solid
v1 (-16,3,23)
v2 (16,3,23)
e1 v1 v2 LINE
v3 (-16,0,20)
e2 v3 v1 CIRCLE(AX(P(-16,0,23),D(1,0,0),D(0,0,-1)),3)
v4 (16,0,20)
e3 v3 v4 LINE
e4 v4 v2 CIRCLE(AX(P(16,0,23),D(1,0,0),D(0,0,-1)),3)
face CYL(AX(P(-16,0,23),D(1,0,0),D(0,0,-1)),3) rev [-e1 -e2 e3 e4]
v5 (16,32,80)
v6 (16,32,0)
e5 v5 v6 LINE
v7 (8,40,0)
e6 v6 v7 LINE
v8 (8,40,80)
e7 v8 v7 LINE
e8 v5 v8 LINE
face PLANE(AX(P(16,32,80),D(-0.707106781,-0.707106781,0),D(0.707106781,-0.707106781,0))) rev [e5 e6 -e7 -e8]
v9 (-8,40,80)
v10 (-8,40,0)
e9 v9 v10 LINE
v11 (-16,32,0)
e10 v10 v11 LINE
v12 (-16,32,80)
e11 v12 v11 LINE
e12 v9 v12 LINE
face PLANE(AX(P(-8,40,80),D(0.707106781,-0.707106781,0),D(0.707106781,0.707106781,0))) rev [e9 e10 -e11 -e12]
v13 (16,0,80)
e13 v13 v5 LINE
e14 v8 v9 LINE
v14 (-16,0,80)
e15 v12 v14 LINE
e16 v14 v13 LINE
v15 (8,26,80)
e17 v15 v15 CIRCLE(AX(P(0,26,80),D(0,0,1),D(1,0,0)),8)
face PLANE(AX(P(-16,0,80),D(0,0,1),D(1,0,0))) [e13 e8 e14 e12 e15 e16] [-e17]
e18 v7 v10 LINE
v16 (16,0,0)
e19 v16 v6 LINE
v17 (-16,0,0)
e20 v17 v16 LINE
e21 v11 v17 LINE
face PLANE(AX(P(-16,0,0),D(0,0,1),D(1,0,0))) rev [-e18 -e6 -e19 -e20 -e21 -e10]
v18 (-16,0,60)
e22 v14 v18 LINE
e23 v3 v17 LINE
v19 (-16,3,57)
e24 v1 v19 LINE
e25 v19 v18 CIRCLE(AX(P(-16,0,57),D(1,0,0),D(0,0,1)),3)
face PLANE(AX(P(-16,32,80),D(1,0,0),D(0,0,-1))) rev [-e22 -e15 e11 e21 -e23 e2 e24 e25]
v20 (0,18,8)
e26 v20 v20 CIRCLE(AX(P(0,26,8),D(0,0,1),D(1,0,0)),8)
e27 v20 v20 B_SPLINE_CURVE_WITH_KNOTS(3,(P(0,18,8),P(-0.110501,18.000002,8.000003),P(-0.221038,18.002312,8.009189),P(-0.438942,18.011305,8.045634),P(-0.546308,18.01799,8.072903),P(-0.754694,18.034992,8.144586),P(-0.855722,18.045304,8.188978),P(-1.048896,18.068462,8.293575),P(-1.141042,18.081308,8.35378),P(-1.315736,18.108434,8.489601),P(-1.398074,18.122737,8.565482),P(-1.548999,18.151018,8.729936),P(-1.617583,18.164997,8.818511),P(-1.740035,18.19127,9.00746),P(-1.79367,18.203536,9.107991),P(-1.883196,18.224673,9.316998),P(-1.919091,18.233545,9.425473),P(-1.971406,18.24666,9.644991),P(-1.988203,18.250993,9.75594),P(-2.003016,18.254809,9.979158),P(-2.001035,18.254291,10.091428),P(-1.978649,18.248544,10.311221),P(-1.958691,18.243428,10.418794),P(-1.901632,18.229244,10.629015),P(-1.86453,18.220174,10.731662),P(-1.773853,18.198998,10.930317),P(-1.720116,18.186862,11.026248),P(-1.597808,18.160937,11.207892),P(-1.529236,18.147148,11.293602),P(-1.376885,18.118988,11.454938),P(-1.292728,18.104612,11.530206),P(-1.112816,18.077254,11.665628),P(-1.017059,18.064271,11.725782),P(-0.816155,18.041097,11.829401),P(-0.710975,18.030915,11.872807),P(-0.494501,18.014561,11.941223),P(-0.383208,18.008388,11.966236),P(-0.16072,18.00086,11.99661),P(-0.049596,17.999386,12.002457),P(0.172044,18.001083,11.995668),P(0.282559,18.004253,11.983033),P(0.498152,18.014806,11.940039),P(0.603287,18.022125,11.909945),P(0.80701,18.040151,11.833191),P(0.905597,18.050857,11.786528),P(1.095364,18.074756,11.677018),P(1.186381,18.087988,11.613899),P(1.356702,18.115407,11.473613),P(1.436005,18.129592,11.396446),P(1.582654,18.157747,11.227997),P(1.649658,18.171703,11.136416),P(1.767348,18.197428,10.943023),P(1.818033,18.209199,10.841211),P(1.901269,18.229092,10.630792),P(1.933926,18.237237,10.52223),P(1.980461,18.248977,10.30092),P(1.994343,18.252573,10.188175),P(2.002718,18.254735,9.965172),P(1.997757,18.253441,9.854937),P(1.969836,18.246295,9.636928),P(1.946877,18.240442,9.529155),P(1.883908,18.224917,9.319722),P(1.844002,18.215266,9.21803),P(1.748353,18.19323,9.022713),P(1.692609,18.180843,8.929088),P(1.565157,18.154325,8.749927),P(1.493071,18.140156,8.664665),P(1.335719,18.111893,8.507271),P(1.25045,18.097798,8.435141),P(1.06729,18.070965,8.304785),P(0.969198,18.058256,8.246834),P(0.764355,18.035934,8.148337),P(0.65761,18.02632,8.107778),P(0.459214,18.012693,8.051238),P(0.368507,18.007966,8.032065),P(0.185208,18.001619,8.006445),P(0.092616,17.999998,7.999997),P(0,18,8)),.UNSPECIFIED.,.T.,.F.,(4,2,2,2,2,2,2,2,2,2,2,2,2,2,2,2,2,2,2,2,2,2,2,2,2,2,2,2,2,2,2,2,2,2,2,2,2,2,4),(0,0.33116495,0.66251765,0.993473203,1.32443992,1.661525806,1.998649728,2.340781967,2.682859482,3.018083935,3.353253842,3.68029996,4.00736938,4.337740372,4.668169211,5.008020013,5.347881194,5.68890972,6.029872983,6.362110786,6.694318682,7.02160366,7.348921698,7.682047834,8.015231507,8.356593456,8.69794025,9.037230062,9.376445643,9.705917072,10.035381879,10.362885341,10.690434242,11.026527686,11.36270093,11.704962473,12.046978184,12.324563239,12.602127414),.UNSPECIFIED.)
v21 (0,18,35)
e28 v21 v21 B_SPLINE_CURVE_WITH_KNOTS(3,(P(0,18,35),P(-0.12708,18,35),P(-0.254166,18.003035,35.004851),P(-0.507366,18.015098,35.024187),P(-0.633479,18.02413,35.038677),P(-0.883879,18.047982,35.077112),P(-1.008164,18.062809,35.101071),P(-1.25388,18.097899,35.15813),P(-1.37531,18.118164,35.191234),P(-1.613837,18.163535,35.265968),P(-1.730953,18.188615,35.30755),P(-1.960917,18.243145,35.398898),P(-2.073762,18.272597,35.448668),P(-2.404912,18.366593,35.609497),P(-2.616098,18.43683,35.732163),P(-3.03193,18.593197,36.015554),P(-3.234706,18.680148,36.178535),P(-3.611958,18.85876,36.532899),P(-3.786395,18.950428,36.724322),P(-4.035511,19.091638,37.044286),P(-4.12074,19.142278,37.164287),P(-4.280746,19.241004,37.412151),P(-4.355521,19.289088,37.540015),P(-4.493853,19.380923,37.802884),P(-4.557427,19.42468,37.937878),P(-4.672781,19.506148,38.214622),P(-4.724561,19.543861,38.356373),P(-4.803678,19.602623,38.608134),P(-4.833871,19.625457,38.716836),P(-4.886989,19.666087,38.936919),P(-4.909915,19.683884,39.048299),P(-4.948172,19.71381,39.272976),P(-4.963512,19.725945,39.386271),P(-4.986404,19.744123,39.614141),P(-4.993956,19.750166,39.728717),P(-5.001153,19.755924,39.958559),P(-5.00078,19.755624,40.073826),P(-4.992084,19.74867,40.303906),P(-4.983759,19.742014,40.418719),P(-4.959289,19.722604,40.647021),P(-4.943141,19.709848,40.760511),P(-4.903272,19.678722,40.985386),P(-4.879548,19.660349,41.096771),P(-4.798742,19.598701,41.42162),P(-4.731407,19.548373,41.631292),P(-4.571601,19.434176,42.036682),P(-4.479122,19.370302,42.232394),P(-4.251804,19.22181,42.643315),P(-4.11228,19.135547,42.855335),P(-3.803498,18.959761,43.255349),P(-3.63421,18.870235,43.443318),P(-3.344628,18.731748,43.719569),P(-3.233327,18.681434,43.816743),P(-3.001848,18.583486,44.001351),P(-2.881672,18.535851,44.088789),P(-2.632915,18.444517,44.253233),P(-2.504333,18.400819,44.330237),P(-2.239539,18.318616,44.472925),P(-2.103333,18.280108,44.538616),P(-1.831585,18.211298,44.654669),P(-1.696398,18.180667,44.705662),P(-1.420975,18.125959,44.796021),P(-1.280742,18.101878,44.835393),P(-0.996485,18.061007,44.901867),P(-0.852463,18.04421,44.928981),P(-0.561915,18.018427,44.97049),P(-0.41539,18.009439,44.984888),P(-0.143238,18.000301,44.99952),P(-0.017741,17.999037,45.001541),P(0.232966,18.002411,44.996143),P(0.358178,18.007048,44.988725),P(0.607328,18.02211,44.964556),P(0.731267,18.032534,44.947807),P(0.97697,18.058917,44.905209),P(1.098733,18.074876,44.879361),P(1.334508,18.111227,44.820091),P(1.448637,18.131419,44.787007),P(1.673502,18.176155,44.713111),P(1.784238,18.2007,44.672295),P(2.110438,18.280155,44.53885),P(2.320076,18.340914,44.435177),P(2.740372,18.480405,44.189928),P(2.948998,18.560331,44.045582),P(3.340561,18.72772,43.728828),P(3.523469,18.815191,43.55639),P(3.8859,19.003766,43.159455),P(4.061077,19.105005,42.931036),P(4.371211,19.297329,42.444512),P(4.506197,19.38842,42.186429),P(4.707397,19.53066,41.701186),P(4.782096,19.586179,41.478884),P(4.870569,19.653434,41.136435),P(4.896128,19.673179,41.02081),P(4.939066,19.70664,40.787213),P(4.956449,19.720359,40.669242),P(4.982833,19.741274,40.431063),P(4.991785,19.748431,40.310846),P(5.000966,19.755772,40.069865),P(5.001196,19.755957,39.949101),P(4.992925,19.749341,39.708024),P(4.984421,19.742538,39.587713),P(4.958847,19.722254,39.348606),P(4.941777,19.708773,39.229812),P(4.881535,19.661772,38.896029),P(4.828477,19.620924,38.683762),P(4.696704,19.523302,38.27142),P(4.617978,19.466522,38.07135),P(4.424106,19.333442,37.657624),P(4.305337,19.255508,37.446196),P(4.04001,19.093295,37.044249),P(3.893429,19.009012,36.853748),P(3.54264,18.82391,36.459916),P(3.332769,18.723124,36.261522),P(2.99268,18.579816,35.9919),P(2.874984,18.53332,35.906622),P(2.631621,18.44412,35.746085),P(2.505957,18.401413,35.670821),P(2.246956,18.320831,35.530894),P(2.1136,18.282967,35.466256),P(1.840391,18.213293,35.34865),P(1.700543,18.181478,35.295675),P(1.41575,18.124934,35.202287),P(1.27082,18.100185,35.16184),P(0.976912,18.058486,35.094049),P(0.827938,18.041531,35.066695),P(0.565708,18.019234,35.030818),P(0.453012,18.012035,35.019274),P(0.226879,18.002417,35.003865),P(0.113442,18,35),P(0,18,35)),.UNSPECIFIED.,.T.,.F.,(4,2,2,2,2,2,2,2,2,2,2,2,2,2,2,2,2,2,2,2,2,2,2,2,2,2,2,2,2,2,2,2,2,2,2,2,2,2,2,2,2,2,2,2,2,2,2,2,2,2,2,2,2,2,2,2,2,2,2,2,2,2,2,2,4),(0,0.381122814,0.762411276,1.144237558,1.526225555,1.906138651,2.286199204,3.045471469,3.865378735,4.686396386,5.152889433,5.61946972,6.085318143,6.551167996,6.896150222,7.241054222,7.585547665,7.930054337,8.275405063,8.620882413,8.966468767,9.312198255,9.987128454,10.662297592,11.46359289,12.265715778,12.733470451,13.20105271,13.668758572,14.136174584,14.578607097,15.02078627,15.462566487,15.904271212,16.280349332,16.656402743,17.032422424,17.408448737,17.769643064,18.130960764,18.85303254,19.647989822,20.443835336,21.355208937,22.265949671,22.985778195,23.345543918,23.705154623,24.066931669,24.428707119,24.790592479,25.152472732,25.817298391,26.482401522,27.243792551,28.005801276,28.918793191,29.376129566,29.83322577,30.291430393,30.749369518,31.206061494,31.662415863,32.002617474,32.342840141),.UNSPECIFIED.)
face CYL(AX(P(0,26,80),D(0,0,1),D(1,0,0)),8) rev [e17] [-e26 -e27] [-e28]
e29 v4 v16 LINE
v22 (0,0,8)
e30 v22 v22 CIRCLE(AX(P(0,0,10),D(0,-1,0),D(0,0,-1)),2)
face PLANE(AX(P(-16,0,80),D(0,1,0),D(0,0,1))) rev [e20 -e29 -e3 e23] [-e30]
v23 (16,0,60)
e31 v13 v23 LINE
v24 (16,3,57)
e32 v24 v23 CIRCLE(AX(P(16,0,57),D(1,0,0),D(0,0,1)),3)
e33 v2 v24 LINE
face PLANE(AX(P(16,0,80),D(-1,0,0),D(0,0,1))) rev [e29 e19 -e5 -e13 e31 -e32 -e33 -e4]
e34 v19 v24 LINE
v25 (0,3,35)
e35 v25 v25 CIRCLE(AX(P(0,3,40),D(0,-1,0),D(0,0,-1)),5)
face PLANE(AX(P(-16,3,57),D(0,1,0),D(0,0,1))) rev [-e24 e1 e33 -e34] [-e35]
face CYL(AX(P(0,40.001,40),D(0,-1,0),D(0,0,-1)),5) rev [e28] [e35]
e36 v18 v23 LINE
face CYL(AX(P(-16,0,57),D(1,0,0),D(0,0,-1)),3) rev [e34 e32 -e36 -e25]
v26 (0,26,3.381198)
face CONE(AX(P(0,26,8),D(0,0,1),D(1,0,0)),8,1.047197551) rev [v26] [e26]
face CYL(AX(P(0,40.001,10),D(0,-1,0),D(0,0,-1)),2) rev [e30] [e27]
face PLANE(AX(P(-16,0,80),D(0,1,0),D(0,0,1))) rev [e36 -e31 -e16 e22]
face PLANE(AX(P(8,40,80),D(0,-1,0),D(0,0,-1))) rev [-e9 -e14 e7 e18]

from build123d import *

# Parameters (mm, degrees)
BOSS_EXTRU_1_DEPTH           = 80
ENL_V_MAT_EXTRU_1_DEPTH      = 95.994736696
D_GAGEMENT_M11_D             = 16
D_GAGEMENT_M11_DEPTH         = 72
D_GAGEMENT_M11_TIP           = 4.618802154
ENL_V_MAT_EXTRU_2_REACH      = 91.582
ENL_V_MAT_EXTRU_2_END_RADIUS = 8
ESQUISSE3_R                  = 5
ENL_V_MAT_EXTRU_3_REACH      = 92.863
ENL_V_MAT_EXTRU_3_END_RADIUS = 8
ESQUISSE7_R                  = 2


with BuildPart() as part:
    # Esquisse1 → Boss.-Extru.1 (new body)
    with BuildSketch(Plane.XY):
        Polygon((-16, 0), (16, 0), (16, 32), (8, 40), (-8, 40), (-16, 32), align=None)
    extrude(amount=BOSS_EXTRU_1_DEPTH)

    # Esquisse2 → Enlèv. mat.-Extru.1 (cut, through all)
    with BuildSketch(Plane(origin=(16, 0, 0), x_dir=(0, 0, -1), z_dir=(1, 0, 0))):
        with BuildLine():
            Line((-60, -3), (-60, 0))
            ThreePointArc((-60, 0), (-59.121320344, 2.121320344), (-57, 3))
            Line((-57, 3), (-23, 3))
            ThreePointArc((-23, 3), (-20.878679656, 2.121320344), (-20, 0))
            Line((-20, 0), (-20, -3))
            Line((-20, -3), (-60, -3))
        make_face()
    extrude(amount=-ENL_V_MAT_EXTRU_1_DEPTH, mode=Mode.SUBTRACT)

    # Dégagement M11
    with Locations(Plane.XY.offset(80)):
        with Locations((0, 26)):
            Hole(D_GAGEMENT_M11_D / 2, depth=D_GAGEMENT_M11_DEPTH)
            with Locations((0, 0, -(D_GAGEMENT_M11_DEPTH + D_GAGEMENT_M11_TIP / 2))):  # 120° drill point
                Cone(0, D_GAGEMENT_M11_D / 2, D_GAGEMENT_M11_TIP, mode=Mode.SUBTRACT)

    # Enlèv. mat.-Extru.2: up to this cylinder (the profile starts outside it)
    enl_v_mat_extru_2_end = Plane(origin=(0, 26, 40), z_dir=(0, 0, 1)) * Cylinder(ENL_V_MAT_EXTRU_2_END_RADIUS, 200.164, mode=Mode.PRIVATE)
    # Esquisse3 → Enlèv. mat.-Extru.2 (cut, up to the surface)
    with BuildSketch(Plane.XZ.offset(-3), mode=Mode.PRIVATE) as enl_v_mat_extru_2_sk1:
        with Locations(Location((0, 40, 0), (0, 0, 270))):
            Circle(ESQUISSE3_R)
    enl_v_mat_extru_2_tool1 = extrude(enl_v_mat_extru_2_sk1.sketch, amount=-ENL_V_MAT_EXTRU_2_REACH, mode=Mode.PRIVATE) - enl_v_mat_extru_2_end
    add(enl_v_mat_extru_2_tool1.solids().sort_by_distance((0, 3, 40))[0], mode=Mode.SUBTRACT)

    # Enlèv. mat.-Extru.3: up to this cylinder (the profile starts outside it)
    enl_v_mat_extru_3_end = Plane(origin=(0, 26, 10), z_dir=(0, 0, 1)) * Cylinder(ENL_V_MAT_EXTRU_3_END_RADIUS, 202.726, mode=Mode.PRIVATE)
    # Esquisse7 → Enlèv. mat.-Extru.3 (cut, up to the surface)
    with BuildSketch(Plane.XZ, mode=Mode.PRIVATE) as enl_v_mat_extru_3_sk1:
        with Locations(Location((0, 10, 0), (0, 0, 270))):
            Circle(ESQUISSE7_R)
    enl_v_mat_extru_3_tool1 = extrude(enl_v_mat_extru_3_sk1.sketch, amount=-ENL_V_MAT_EXTRU_3_REACH, mode=Mode.PRIVATE) - enl_v_mat_extru_3_end
    add(enl_v_mat_extru_3_tool1.solids().sort_by_distance((0, 0, 10))[0], mode=Mode.SUBTRACT)


solid = part.part
